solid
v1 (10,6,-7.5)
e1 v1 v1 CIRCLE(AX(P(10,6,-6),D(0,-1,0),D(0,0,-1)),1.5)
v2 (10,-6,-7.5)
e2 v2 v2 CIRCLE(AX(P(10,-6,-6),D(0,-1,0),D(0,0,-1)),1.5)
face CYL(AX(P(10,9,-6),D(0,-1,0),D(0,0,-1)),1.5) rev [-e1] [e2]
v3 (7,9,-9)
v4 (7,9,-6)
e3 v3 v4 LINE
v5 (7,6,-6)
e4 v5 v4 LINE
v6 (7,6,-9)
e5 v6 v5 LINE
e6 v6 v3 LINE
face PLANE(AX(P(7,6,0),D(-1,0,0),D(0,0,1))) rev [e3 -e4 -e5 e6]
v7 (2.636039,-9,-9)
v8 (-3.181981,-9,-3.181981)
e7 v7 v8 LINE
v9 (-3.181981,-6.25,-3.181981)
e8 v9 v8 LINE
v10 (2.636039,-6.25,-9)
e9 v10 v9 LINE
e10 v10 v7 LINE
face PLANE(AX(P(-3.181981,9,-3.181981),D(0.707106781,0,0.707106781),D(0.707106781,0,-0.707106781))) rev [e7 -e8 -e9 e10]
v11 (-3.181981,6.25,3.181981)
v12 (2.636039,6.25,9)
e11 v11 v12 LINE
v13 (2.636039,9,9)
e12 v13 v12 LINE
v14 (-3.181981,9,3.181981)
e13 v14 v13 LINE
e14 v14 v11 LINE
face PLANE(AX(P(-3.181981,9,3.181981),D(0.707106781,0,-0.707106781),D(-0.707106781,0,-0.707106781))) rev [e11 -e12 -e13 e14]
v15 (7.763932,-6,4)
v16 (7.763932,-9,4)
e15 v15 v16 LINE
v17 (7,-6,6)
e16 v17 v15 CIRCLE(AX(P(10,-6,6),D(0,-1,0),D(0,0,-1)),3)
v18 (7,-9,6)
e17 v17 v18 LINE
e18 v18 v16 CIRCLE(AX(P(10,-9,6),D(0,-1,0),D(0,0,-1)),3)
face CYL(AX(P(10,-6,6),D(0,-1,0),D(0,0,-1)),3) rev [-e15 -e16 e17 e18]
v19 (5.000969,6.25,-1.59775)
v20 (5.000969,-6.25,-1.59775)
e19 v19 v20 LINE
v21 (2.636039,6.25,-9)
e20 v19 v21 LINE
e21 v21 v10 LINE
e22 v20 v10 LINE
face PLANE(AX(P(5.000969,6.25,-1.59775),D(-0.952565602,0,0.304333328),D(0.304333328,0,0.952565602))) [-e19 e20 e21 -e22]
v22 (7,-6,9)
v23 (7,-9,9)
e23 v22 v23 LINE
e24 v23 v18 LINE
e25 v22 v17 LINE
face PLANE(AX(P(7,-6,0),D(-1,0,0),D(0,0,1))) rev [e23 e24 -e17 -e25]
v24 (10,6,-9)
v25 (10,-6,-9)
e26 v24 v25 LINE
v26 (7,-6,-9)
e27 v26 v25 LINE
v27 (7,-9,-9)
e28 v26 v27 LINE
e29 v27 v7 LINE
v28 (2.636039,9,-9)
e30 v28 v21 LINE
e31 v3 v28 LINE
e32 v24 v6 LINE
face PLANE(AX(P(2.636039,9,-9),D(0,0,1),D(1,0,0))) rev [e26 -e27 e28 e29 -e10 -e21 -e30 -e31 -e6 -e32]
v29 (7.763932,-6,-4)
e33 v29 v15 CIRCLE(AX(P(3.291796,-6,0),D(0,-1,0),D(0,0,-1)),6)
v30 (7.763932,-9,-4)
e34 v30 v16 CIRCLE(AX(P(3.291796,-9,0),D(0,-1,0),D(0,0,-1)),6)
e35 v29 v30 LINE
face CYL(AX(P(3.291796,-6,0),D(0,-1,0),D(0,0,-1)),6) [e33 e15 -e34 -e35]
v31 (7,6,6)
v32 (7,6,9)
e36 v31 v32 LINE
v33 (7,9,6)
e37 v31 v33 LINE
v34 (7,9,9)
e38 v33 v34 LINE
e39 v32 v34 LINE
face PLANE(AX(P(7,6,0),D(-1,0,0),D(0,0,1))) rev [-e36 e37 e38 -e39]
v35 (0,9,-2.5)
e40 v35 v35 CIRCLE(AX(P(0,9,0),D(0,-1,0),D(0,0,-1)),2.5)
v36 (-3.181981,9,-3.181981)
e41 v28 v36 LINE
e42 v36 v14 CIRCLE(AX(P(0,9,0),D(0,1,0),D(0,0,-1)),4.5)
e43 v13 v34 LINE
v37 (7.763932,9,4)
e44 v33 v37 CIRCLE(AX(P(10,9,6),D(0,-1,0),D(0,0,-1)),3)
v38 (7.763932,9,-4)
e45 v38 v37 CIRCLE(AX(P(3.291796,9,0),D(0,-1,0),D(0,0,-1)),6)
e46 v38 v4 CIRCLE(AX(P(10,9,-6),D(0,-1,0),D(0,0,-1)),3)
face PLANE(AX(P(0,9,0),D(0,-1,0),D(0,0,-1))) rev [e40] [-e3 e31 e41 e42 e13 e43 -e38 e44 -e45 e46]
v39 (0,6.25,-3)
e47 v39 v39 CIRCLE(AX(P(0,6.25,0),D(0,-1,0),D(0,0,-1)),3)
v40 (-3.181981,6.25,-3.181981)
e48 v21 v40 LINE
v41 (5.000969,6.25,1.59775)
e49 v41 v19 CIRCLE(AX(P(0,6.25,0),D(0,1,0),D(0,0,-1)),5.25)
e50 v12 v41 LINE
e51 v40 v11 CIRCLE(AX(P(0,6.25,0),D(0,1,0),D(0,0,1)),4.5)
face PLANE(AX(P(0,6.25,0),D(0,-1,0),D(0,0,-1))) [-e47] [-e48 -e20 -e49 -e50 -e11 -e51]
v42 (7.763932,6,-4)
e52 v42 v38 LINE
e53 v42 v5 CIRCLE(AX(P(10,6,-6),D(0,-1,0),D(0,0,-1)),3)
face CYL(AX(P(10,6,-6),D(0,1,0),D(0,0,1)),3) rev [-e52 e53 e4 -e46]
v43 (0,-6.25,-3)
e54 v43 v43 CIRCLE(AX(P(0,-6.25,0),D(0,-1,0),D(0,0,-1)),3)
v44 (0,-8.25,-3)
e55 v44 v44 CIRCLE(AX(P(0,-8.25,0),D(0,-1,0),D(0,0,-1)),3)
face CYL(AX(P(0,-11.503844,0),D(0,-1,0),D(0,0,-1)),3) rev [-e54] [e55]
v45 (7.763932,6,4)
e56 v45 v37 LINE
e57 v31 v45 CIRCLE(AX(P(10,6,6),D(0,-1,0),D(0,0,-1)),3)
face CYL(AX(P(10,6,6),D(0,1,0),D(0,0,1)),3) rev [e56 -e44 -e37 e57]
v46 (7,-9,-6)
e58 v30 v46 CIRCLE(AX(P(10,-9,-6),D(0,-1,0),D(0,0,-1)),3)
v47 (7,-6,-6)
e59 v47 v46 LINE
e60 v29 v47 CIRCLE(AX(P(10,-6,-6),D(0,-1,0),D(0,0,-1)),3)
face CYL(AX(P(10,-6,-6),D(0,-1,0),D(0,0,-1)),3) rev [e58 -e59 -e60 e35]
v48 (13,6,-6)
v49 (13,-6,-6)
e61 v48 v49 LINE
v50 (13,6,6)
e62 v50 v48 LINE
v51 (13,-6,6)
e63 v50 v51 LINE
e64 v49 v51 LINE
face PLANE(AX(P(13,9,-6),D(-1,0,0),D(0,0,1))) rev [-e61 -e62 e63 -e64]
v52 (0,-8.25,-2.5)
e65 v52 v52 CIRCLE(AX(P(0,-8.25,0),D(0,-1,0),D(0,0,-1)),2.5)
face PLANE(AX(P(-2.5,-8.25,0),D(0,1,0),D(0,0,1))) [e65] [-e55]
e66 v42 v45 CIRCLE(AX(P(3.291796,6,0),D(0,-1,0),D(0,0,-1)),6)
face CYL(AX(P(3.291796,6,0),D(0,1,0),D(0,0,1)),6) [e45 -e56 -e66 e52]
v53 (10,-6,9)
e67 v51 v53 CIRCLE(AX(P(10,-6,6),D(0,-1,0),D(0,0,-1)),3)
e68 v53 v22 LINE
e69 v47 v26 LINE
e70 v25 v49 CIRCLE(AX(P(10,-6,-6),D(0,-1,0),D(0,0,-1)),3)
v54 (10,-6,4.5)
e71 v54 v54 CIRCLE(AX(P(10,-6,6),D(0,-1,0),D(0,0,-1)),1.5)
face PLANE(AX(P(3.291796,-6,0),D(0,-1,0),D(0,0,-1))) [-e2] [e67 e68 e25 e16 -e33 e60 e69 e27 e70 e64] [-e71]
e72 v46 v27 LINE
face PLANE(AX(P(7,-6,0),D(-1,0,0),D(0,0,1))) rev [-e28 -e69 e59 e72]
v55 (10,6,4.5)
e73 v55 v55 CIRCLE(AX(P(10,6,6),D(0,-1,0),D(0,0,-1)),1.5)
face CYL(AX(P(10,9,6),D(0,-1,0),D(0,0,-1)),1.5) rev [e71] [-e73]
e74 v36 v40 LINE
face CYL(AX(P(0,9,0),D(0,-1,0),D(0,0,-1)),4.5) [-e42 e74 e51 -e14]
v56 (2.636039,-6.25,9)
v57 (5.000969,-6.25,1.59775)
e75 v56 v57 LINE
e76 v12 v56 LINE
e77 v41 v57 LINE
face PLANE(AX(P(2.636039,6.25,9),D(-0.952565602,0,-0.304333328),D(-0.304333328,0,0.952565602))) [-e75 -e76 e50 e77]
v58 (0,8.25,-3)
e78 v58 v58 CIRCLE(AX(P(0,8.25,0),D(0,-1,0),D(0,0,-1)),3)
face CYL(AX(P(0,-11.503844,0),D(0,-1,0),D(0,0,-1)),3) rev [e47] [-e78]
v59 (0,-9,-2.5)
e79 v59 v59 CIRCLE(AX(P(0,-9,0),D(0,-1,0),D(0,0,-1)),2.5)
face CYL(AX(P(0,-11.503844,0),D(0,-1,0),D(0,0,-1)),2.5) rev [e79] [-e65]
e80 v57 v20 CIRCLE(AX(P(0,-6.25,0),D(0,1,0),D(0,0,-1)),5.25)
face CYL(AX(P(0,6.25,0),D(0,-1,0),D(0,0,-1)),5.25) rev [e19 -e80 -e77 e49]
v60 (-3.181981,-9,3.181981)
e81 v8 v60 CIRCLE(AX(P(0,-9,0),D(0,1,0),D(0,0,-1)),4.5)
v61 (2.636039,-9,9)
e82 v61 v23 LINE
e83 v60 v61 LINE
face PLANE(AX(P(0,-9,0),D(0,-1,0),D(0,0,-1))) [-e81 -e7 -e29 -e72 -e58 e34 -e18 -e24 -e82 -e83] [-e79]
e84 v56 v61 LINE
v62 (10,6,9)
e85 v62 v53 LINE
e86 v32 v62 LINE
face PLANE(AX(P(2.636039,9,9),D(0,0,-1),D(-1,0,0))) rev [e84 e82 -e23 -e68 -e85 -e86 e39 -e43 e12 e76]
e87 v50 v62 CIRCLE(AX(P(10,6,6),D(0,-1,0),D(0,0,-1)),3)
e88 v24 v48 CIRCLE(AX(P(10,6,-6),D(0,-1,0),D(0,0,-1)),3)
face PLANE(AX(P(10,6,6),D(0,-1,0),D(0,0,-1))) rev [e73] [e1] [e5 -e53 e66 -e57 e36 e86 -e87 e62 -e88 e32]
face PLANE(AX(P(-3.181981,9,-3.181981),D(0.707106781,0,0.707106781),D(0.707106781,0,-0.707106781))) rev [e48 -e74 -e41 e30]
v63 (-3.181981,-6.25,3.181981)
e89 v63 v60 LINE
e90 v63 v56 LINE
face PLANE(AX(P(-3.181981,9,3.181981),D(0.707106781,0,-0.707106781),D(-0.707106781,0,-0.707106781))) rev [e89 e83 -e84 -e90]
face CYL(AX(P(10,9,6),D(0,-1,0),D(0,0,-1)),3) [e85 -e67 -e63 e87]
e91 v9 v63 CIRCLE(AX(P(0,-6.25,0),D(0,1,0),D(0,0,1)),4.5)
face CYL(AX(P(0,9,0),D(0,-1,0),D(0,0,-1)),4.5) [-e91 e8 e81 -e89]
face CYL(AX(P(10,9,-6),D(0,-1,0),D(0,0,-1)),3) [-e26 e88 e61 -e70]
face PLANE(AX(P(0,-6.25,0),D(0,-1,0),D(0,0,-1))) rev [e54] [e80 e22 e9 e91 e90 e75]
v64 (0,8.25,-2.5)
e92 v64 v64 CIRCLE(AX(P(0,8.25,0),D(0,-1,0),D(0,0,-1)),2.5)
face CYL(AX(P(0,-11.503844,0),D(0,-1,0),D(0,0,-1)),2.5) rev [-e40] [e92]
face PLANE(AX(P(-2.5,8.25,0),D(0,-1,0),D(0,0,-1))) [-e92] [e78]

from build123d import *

# Parameters (mm, degrees)
SKETCH1_R           = 1.5
BOSS_EXTRUDE1_DEPTH = 9
CUT_EXTRUDE1_DEPTH  = 6.25
CUT_EXTRUDE2_START  = 9
CUT_EXTRUDE2_DEPTH  = 3
CUT_EXTRUDE3_START  = -6
CUT_EXTRUDE3_DEPTH  = 3


with BuildPart() as part:
    # Sketch1 → Boss-Extrude1 (new, symmetric)
    with BuildSketch(Plane(origin=(0, 0, 0), x_dir=(1, 0, 0), z_dir=(0, 1, 0))):
        with BuildLine():
            Line((13, 6), (13, -6))
            ThreePointArc((13, -6), (12.121320344, -8.121320344), (10, -9))
            Line((10, -9), (2.636038969, -9))
            Line((2.636038969, -9), (-3.181980515, -3.181980515))
            ThreePointArc((-3.181980515, -3.181980515), (-4.5, 0), (-3.181980515, 3.181980515))
            Line((-3.181980515, 3.181980515), (2.636038969, 9))
            Line((2.636038969, 9), (10, 9))
            ThreePointArc((10, 9), (12.121320344, 8.121320344), (13, 6))
        make_face()
        with Locations(Location((10, 6, 0), (0, 0, 270))):
            Circle(SKETCH1_R, mode=Mode.SUBTRACT)
        with Locations(Location((10, -6, 0), (0, 0, 270))):
            Circle(SKETCH1_R, mode=Mode.SUBTRACT)
    extrude(amount=BOSS_EXTRUDE1_DEPTH, both=True)

    # Sketch2 → Cut-Extrude1 (cut, symmetric)
    with BuildSketch(Plane(origin=(0, 0, 0), x_dir=(1, 0, 0), z_dir=(0, 1, 0))):
        with BuildLine():
            Line((5.000969408, 1.597749973), (2.636038969, 9))
            Line((2.636038969, 9), (-3.181980515, 3.181980515))
            ThreePointArc((-3.181980515, 3.181980515), (-4.5, 0), (-3.181980515, -3.181980515))
            Line((-3.181980515, -3.181980515), (2.636038969, -9))
            Line((2.636038969, -9), (5.000969408, -1.597749973))
            ThreePointArc((5.000969408, -1.597749973), (5.25, 0), (5.000969408, 1.597749973))
        make_face()
    extrude(amount=CUT_EXTRUDE1_DEPTH, both=True, mode=Mode.SUBTRACT)

    # Sketch3 → Cut-Revolve1 (revolve, cut)
    with BuildSketch(Plane.XY, mode=Mode.PRIVATE) as cut_revolve1_sk:
        Polygon((-2.5, 9), (-2.5, 8.25), (-3, 8.25), (-3, 6.25), (0, 6.25), (0, 9), align=None)
        Polygon((0, -6.25), (0, -9), (-2.5, -9), (-2.5, -8.25), (-3, -8.25), (-3, -6.25), align=None)
    revolve(cut_revolve1_sk.sketch.rotate(Axis((0, -11.503843925, 0), (0, 1, 0)), 270), axis=Axis((0, -11.503843925, 0), (0, 1, 0)), mode=Mode.SUBTRACT)

    # Sketch4 → Cut-Extrude2 (cut)
    with BuildSketch(Plane(origin=(0, 0, 0), x_dir=(1, 0, 0), z_dir=(0, 1, 0)).offset(CUT_EXTRUDE2_START)):
        with BuildLine():
            Line((7, -9), (10, -9))
            ThreePointArc((10, -9), (12.121320344, -8.121320344), (13, -6))
            Line((13, -6), (13, 6))
            ThreePointArc((13, 6), (12.121320344, 8.121320344), (10, 9))
            Line((10, 9), (7, 9))
            Line((7, 9), (7, 6))
            ThreePointArc((7, 6), (7.197482923, 4.929533731), (7.763932023, 4))
            ThreePointArc((7.763932023, 4), (9.291796068, 0), (7.763932023, -4))
            ThreePointArc((7.763932023, -4), (7.197482923, -4.929533731), (7, -6))
            Line((7, -6), (7, -9))
        make_face()
    extrude(amount=-CUT_EXTRUDE2_DEPTH, mode=Mode.SUBTRACT)

    # Sketch4<2> → Cut-Extrude3 (cut)
    with BuildSketch(Plane(origin=(0, 0, 0), x_dir=(1, 0, 0), z_dir=(0, 1, 0)).offset(CUT_EXTRUDE3_START)):
        with BuildLine():
            Line((7, -9), (10, -9))
            ThreePointArc((10, -9), (12.121320344, -8.121320344), (13, -6))
            Line((13, -6), (13, 6))
            ThreePointArc((13, 6), (12.121320344, 8.121320344), (10, 9))
            Line((10, 9), (7, 9))
            Line((7, 9), (7, 6))
            ThreePointArc((7, 6), (7.197482923, 4.929533731), (7.763932023, 4))
            ThreePointArc((7.763932023, 4), (9.291796068, 0), (7.763932023, -4))
            ThreePointArc((7.763932023, -4), (7.197482923, -4.929533731), (7, -6))
            Line((7, -6), (7, -9))
        make_face()
    extrude(amount=-CUT_EXTRUDE3_DEPTH, mode=Mode.SUBTRACT)


solid = part.part
